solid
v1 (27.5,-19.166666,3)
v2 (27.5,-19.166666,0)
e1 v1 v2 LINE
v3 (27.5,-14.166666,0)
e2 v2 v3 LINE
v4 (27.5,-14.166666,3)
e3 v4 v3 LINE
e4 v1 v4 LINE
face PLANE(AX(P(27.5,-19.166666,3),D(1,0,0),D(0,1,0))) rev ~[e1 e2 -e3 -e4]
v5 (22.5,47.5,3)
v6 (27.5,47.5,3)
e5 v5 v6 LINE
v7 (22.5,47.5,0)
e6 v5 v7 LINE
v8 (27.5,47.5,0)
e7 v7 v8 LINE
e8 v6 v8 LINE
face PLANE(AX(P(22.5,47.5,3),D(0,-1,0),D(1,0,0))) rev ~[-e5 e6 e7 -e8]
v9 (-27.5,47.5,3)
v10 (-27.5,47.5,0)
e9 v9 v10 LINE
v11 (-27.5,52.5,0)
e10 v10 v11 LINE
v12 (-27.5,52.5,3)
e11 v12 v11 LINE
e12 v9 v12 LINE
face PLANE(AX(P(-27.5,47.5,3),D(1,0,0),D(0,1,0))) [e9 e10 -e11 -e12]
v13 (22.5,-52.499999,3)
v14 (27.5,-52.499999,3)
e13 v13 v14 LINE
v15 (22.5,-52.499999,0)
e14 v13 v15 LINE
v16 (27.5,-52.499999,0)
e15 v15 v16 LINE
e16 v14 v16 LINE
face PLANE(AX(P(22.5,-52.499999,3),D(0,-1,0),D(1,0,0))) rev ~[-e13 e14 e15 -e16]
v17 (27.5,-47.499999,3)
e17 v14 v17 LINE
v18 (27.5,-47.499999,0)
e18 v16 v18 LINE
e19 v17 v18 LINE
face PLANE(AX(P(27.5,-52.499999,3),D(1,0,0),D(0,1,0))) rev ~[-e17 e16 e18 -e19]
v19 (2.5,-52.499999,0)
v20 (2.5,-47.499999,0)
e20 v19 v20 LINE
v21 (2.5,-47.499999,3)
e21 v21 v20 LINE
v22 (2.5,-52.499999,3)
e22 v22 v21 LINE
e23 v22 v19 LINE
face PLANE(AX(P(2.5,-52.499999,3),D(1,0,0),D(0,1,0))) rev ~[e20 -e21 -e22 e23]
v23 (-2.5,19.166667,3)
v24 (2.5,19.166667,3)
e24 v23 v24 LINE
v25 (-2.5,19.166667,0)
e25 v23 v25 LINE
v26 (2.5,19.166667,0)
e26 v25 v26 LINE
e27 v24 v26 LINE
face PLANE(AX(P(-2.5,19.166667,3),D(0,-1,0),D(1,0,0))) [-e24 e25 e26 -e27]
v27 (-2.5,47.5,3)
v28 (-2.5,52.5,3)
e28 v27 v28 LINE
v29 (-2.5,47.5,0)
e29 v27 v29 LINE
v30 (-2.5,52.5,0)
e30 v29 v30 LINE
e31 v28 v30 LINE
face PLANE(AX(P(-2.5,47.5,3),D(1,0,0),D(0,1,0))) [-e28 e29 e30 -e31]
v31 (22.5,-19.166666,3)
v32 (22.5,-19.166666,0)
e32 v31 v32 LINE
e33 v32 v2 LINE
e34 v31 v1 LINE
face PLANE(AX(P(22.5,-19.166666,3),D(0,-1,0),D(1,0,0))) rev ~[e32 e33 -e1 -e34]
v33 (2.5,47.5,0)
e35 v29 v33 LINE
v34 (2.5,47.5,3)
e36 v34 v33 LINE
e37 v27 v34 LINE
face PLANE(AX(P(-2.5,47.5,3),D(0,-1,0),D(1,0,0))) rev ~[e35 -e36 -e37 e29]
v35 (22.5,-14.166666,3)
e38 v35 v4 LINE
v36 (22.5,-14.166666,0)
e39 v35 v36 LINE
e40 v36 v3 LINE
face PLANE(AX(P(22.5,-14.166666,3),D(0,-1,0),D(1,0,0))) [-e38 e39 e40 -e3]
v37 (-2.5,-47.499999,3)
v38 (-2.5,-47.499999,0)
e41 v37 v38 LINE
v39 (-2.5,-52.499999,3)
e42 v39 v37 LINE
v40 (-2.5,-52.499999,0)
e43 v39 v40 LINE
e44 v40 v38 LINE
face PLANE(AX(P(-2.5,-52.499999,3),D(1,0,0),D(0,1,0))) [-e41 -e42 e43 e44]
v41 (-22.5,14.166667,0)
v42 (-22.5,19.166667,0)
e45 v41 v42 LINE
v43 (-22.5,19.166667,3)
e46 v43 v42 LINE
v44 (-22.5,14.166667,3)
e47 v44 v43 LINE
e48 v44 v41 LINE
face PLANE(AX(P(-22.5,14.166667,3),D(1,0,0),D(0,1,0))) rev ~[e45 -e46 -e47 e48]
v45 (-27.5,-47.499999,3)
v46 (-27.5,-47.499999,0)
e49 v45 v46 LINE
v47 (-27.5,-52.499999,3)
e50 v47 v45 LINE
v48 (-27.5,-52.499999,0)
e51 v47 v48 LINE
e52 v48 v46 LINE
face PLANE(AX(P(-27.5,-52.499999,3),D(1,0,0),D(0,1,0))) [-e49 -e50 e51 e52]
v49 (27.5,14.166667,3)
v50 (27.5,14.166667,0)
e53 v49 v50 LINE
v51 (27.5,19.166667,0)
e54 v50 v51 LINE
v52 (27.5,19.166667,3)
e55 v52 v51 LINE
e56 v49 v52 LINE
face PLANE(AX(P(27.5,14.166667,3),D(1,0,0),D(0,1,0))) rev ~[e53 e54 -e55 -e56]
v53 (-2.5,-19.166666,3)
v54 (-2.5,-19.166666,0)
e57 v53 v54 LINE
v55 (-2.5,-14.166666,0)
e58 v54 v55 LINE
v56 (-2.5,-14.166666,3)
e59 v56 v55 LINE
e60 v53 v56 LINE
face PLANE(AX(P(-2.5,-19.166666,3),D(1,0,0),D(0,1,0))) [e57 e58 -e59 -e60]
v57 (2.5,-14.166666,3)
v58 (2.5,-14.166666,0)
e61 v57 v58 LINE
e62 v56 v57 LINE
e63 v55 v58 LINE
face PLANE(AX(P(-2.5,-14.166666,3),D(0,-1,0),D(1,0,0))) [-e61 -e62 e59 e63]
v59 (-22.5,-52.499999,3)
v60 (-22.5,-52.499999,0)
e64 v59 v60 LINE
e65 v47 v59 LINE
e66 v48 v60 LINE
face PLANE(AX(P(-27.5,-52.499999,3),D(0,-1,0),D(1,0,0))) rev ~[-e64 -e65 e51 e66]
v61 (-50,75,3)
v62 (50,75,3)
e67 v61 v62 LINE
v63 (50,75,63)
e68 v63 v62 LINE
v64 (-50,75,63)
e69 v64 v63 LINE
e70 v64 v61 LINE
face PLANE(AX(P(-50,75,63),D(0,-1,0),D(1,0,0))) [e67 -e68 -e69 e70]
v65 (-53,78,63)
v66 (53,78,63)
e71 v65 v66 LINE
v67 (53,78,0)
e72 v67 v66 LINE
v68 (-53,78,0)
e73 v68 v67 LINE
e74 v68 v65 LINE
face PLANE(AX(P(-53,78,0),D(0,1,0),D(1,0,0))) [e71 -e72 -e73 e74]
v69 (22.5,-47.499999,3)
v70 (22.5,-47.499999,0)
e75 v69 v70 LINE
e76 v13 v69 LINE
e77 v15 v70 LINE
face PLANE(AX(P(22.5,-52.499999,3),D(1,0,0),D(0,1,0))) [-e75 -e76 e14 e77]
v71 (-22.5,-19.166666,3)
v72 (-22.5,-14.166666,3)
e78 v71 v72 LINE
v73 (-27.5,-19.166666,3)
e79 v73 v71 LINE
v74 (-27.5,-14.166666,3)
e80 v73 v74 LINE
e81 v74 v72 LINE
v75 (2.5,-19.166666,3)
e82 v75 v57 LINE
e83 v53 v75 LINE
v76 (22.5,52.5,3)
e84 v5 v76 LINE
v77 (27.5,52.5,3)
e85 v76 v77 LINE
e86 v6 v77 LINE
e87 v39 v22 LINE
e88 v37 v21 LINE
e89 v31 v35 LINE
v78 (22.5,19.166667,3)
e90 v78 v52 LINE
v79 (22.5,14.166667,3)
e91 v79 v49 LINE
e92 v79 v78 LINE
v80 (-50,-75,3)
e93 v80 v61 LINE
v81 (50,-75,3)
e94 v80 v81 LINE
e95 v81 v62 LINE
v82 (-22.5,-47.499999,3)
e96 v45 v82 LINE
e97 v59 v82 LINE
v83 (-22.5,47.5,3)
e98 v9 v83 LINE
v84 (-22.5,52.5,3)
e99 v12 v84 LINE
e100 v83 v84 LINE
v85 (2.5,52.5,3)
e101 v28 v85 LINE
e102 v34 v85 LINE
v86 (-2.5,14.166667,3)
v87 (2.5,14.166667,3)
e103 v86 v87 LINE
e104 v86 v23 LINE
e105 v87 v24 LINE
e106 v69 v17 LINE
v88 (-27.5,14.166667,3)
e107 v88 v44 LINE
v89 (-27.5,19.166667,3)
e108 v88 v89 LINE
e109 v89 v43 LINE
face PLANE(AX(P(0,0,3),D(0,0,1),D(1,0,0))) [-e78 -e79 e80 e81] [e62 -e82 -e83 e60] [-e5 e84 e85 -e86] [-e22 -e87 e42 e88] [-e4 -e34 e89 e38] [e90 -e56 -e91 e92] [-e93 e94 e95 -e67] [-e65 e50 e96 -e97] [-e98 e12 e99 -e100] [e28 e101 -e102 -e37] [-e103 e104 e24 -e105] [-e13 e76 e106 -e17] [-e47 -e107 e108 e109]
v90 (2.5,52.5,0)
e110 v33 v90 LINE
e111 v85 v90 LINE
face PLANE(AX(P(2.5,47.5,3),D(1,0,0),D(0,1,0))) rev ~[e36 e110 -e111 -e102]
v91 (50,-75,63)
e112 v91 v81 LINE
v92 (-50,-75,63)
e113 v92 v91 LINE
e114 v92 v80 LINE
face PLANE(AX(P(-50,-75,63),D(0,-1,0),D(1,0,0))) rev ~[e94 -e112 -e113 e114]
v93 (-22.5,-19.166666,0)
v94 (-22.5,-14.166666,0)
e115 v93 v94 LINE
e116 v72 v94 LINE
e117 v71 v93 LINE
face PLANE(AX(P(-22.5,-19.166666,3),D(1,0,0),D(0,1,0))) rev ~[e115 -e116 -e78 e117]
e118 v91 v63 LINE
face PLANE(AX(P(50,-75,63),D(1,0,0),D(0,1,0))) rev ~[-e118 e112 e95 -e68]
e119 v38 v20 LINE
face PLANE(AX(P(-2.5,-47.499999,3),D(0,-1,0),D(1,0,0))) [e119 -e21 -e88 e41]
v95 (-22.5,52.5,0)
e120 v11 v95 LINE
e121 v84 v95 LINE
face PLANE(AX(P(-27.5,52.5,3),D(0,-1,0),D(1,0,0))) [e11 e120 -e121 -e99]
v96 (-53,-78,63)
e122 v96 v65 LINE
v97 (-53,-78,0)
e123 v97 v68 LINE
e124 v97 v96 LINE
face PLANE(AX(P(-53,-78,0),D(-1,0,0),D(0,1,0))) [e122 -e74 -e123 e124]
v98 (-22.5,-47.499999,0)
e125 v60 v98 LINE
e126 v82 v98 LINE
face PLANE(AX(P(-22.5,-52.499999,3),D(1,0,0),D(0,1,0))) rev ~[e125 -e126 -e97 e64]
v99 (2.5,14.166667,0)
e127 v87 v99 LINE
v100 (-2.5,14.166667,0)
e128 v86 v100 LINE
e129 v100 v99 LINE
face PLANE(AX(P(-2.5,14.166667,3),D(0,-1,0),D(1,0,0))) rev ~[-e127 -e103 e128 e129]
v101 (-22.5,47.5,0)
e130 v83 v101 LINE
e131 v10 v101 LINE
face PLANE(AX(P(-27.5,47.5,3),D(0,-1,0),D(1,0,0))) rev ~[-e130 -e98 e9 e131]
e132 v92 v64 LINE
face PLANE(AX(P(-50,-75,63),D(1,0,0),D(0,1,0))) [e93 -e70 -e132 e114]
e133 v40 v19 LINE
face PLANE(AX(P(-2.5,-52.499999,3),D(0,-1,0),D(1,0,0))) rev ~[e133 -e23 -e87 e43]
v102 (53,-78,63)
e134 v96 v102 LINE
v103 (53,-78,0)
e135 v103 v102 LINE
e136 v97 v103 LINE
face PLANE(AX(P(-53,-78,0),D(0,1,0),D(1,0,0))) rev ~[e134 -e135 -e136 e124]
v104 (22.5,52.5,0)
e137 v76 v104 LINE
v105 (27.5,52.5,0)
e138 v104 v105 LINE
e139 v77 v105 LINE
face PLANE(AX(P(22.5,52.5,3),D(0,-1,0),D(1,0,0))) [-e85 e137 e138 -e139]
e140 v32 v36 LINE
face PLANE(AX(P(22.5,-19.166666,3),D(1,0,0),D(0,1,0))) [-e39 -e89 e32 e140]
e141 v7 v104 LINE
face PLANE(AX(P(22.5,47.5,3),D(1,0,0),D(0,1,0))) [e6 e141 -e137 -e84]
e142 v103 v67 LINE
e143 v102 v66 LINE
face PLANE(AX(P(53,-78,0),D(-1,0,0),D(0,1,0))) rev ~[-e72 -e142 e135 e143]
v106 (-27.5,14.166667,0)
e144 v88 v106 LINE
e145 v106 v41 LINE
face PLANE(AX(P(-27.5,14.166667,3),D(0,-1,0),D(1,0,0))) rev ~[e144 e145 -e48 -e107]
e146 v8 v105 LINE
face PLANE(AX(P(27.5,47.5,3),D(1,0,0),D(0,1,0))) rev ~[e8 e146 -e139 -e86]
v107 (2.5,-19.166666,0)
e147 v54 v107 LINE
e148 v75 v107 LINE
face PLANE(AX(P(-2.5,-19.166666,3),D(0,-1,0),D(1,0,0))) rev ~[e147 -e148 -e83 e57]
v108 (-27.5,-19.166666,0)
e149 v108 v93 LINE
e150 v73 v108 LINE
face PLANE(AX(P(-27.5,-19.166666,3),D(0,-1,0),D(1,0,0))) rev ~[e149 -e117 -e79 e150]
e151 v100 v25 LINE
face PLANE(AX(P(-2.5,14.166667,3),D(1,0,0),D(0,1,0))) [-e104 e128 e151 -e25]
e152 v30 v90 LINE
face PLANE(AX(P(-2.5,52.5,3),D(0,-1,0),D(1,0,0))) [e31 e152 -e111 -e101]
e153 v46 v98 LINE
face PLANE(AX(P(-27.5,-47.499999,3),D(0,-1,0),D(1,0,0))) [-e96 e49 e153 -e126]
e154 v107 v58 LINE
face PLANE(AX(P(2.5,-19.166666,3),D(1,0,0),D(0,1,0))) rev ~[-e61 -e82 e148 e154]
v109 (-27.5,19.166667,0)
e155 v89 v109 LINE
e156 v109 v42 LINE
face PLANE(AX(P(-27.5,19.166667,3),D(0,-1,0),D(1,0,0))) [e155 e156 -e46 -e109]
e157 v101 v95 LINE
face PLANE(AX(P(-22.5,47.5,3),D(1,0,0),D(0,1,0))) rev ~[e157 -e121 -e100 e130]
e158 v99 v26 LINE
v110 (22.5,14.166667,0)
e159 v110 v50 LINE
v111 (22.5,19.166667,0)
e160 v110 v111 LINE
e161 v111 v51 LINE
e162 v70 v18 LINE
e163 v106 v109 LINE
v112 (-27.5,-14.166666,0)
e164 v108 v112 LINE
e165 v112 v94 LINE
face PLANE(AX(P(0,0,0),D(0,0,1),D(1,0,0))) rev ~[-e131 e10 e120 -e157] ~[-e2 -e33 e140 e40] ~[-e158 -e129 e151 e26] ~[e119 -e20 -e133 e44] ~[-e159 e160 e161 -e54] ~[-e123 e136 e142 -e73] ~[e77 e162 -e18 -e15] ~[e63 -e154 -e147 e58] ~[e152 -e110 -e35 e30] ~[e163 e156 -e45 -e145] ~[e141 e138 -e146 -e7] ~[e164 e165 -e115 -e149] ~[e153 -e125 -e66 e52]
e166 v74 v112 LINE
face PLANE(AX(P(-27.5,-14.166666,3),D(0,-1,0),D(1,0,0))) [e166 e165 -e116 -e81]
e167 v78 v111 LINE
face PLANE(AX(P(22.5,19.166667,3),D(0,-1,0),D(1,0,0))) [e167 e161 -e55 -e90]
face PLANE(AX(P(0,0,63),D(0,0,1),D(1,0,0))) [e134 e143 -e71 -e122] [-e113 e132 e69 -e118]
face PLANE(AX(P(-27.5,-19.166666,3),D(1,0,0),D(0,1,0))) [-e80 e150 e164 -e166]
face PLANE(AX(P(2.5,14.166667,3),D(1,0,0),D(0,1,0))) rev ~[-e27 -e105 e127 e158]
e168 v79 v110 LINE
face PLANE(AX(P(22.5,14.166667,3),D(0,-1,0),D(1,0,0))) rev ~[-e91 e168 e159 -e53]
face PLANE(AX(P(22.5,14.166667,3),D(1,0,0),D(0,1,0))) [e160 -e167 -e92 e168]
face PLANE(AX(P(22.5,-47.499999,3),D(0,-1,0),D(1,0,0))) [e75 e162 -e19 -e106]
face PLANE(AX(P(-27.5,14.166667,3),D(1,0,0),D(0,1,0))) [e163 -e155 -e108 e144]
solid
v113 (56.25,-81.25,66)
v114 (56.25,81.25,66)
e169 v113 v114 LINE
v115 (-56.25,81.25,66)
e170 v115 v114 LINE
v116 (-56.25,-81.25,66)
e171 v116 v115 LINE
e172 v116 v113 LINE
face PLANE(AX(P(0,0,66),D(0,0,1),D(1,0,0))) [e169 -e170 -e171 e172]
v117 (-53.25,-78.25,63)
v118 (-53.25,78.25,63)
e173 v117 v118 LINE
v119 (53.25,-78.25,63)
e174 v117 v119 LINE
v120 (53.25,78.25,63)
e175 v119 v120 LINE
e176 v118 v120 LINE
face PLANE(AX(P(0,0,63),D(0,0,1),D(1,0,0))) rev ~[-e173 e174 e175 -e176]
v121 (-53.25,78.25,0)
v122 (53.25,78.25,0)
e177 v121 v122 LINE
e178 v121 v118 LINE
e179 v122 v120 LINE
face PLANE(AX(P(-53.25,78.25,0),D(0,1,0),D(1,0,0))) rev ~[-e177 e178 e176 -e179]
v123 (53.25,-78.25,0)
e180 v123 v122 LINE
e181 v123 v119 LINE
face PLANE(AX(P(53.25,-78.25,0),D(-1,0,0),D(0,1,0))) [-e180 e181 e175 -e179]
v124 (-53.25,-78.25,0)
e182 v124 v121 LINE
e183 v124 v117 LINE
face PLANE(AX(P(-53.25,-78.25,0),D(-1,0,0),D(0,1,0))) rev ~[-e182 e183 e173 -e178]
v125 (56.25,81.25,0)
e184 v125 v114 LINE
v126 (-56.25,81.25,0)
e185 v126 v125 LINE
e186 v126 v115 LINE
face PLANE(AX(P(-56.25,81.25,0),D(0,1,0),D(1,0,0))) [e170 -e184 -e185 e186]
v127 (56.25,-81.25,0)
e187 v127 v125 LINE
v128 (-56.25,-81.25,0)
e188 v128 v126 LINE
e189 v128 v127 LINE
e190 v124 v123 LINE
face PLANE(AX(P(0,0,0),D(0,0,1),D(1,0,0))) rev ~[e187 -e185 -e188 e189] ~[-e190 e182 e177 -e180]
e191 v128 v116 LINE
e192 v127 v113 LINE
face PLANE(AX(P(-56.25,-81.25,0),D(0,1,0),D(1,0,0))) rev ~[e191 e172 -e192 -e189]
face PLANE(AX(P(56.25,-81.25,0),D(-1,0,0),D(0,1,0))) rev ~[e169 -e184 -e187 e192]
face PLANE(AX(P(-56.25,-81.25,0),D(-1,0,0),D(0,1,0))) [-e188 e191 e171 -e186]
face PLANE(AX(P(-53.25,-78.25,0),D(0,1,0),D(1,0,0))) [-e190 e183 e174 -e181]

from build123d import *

# Parameters (mm, degrees)
SKETCH_W                        = 106
SKETCH_H                        = 156
PAD_DEPTH                       = 63
SKETCH001_W                     = 100
SKETCH001_H                     = 150
POCKET_DEPTH                    = 60
SKETCH004_W                     = 5
SKETCH004_H                     = 5
POCKET002_DEPTH                 = 400.699378
SKETCH004_LINEARPATTERN_2_W     = 5
SKETCH004_LINEARPATTERN_2_H     = 5
POCKET002_LINEARPATTERN_2_DEPTH = 400.699378
SKETCH004_LINEARPATTERN_3_W     = 5
SKETCH004_LINEARPATTERN_3_H     = 5
POCKET002_LINEARPATTERN_3_DEPTH = 400.699378
LINEARPATTERN001_COUNT          = 4
LINEARPATTERN001_PITCH          = 33.333333
SKETCH002_W                     = 112.5
SKETCH002_H                     = 162.5
PAD001_DEPTH                    = 66
SKETCH003_W                     = 106.5
SKETCH003_H                     = 156.5
POCKET001_DEPTH                 = 63


with BuildPart() as bottom_body:
    # Sketch → Pad (new body)
    with BuildSketch(Plane.XY):
        Rectangle(SKETCH_W, SKETCH_H)
    extrude(amount=PAD_DEPTH)

    # Sketch001 (on DatumPlane) → Pocket (cut)
    with BuildSketch(Plane.XY.offset(63)):
        Rectangle(SKETCH001_W, SKETCH001_H)
    extrude(amount=-POCKET_DEPTH, mode=Mode.SUBTRACT)

    # Sketch004 (on Face11 of Pocket) → Pocket002 (cut, through all)
    with BuildSketch(Plane.XY.offset(3)):
        with Locations((-25, 50)):
            Rectangle(SKETCH004_W, SKETCH004_H)
    pocket002 = extrude(amount=-POCKET002_DEPTH, mode=Mode.SUBTRACT)

    # Sketch004 LinearPattern 2 → Pocket002 LinearPattern 2 (cut, through all)
    with BuildSketch(Plane(origin=(25, 0, 3), x_dir=(1, 0, 0), z_dir=(0, 0, 1))):
        with Locations((-25, 50)):
            Rectangle(SKETCH004_LINEARPATTERN_2_W, SKETCH004_LINEARPATTERN_2_H)
    pocket002_linearpattern_2 = extrude(amount=-POCKET002_LINEARPATTERN_2_DEPTH, mode=Mode.SUBTRACT)

    # Sketch004 LinearPattern 3 → Pocket002 LinearPattern 3 (cut, through all)
    with BuildSketch(Plane(origin=(50, 0, 3), x_dir=(1, 0, 0), z_dir=(0, 0, 1))):
        with Locations((-25, 50)):
            Rectangle(SKETCH004_LINEARPATTERN_3_W, SKETCH004_LINEARPATTERN_3_H)
    pocket002_linearpattern_3 = extrude(amount=-POCKET002_LINEARPATTERN_3_DEPTH, mode=Mode.SUBTRACT)

    # LinearPattern001: Pocket002, Pocket002 LinearPattern 2, Pocket002 LinearPattern 3 ×4
    with Locations(*[(0, -i * LINEARPATTERN001_PITCH, 0) for i in range(1, LINEARPATTERN001_COUNT)]):
        add(pocket002, mode=Mode.SUBTRACT)
        add(pocket002_linearpattern_2, mode=Mode.SUBTRACT)
        add(pocket002_linearpattern_3, mode=Mode.SUBTRACT)


with BuildPart() as cover_body:
    # Sketch002 → Pad001 (new body)
    with BuildSketch(Plane.XY):
        Rectangle(SKETCH002_W, SKETCH002_H)
    extrude(amount=PAD001_DEPTH)

    # Sketch003 → Pocket001 (cut)
    with BuildSketch(Plane.XY):
        Rectangle(SKETCH003_W, SKETCH003_H)
    extrude(amount=POCKET001_DEPTH, mode=Mode.SUBTRACT)


solid = Compound([bottom_body.part, cover_body.part])
